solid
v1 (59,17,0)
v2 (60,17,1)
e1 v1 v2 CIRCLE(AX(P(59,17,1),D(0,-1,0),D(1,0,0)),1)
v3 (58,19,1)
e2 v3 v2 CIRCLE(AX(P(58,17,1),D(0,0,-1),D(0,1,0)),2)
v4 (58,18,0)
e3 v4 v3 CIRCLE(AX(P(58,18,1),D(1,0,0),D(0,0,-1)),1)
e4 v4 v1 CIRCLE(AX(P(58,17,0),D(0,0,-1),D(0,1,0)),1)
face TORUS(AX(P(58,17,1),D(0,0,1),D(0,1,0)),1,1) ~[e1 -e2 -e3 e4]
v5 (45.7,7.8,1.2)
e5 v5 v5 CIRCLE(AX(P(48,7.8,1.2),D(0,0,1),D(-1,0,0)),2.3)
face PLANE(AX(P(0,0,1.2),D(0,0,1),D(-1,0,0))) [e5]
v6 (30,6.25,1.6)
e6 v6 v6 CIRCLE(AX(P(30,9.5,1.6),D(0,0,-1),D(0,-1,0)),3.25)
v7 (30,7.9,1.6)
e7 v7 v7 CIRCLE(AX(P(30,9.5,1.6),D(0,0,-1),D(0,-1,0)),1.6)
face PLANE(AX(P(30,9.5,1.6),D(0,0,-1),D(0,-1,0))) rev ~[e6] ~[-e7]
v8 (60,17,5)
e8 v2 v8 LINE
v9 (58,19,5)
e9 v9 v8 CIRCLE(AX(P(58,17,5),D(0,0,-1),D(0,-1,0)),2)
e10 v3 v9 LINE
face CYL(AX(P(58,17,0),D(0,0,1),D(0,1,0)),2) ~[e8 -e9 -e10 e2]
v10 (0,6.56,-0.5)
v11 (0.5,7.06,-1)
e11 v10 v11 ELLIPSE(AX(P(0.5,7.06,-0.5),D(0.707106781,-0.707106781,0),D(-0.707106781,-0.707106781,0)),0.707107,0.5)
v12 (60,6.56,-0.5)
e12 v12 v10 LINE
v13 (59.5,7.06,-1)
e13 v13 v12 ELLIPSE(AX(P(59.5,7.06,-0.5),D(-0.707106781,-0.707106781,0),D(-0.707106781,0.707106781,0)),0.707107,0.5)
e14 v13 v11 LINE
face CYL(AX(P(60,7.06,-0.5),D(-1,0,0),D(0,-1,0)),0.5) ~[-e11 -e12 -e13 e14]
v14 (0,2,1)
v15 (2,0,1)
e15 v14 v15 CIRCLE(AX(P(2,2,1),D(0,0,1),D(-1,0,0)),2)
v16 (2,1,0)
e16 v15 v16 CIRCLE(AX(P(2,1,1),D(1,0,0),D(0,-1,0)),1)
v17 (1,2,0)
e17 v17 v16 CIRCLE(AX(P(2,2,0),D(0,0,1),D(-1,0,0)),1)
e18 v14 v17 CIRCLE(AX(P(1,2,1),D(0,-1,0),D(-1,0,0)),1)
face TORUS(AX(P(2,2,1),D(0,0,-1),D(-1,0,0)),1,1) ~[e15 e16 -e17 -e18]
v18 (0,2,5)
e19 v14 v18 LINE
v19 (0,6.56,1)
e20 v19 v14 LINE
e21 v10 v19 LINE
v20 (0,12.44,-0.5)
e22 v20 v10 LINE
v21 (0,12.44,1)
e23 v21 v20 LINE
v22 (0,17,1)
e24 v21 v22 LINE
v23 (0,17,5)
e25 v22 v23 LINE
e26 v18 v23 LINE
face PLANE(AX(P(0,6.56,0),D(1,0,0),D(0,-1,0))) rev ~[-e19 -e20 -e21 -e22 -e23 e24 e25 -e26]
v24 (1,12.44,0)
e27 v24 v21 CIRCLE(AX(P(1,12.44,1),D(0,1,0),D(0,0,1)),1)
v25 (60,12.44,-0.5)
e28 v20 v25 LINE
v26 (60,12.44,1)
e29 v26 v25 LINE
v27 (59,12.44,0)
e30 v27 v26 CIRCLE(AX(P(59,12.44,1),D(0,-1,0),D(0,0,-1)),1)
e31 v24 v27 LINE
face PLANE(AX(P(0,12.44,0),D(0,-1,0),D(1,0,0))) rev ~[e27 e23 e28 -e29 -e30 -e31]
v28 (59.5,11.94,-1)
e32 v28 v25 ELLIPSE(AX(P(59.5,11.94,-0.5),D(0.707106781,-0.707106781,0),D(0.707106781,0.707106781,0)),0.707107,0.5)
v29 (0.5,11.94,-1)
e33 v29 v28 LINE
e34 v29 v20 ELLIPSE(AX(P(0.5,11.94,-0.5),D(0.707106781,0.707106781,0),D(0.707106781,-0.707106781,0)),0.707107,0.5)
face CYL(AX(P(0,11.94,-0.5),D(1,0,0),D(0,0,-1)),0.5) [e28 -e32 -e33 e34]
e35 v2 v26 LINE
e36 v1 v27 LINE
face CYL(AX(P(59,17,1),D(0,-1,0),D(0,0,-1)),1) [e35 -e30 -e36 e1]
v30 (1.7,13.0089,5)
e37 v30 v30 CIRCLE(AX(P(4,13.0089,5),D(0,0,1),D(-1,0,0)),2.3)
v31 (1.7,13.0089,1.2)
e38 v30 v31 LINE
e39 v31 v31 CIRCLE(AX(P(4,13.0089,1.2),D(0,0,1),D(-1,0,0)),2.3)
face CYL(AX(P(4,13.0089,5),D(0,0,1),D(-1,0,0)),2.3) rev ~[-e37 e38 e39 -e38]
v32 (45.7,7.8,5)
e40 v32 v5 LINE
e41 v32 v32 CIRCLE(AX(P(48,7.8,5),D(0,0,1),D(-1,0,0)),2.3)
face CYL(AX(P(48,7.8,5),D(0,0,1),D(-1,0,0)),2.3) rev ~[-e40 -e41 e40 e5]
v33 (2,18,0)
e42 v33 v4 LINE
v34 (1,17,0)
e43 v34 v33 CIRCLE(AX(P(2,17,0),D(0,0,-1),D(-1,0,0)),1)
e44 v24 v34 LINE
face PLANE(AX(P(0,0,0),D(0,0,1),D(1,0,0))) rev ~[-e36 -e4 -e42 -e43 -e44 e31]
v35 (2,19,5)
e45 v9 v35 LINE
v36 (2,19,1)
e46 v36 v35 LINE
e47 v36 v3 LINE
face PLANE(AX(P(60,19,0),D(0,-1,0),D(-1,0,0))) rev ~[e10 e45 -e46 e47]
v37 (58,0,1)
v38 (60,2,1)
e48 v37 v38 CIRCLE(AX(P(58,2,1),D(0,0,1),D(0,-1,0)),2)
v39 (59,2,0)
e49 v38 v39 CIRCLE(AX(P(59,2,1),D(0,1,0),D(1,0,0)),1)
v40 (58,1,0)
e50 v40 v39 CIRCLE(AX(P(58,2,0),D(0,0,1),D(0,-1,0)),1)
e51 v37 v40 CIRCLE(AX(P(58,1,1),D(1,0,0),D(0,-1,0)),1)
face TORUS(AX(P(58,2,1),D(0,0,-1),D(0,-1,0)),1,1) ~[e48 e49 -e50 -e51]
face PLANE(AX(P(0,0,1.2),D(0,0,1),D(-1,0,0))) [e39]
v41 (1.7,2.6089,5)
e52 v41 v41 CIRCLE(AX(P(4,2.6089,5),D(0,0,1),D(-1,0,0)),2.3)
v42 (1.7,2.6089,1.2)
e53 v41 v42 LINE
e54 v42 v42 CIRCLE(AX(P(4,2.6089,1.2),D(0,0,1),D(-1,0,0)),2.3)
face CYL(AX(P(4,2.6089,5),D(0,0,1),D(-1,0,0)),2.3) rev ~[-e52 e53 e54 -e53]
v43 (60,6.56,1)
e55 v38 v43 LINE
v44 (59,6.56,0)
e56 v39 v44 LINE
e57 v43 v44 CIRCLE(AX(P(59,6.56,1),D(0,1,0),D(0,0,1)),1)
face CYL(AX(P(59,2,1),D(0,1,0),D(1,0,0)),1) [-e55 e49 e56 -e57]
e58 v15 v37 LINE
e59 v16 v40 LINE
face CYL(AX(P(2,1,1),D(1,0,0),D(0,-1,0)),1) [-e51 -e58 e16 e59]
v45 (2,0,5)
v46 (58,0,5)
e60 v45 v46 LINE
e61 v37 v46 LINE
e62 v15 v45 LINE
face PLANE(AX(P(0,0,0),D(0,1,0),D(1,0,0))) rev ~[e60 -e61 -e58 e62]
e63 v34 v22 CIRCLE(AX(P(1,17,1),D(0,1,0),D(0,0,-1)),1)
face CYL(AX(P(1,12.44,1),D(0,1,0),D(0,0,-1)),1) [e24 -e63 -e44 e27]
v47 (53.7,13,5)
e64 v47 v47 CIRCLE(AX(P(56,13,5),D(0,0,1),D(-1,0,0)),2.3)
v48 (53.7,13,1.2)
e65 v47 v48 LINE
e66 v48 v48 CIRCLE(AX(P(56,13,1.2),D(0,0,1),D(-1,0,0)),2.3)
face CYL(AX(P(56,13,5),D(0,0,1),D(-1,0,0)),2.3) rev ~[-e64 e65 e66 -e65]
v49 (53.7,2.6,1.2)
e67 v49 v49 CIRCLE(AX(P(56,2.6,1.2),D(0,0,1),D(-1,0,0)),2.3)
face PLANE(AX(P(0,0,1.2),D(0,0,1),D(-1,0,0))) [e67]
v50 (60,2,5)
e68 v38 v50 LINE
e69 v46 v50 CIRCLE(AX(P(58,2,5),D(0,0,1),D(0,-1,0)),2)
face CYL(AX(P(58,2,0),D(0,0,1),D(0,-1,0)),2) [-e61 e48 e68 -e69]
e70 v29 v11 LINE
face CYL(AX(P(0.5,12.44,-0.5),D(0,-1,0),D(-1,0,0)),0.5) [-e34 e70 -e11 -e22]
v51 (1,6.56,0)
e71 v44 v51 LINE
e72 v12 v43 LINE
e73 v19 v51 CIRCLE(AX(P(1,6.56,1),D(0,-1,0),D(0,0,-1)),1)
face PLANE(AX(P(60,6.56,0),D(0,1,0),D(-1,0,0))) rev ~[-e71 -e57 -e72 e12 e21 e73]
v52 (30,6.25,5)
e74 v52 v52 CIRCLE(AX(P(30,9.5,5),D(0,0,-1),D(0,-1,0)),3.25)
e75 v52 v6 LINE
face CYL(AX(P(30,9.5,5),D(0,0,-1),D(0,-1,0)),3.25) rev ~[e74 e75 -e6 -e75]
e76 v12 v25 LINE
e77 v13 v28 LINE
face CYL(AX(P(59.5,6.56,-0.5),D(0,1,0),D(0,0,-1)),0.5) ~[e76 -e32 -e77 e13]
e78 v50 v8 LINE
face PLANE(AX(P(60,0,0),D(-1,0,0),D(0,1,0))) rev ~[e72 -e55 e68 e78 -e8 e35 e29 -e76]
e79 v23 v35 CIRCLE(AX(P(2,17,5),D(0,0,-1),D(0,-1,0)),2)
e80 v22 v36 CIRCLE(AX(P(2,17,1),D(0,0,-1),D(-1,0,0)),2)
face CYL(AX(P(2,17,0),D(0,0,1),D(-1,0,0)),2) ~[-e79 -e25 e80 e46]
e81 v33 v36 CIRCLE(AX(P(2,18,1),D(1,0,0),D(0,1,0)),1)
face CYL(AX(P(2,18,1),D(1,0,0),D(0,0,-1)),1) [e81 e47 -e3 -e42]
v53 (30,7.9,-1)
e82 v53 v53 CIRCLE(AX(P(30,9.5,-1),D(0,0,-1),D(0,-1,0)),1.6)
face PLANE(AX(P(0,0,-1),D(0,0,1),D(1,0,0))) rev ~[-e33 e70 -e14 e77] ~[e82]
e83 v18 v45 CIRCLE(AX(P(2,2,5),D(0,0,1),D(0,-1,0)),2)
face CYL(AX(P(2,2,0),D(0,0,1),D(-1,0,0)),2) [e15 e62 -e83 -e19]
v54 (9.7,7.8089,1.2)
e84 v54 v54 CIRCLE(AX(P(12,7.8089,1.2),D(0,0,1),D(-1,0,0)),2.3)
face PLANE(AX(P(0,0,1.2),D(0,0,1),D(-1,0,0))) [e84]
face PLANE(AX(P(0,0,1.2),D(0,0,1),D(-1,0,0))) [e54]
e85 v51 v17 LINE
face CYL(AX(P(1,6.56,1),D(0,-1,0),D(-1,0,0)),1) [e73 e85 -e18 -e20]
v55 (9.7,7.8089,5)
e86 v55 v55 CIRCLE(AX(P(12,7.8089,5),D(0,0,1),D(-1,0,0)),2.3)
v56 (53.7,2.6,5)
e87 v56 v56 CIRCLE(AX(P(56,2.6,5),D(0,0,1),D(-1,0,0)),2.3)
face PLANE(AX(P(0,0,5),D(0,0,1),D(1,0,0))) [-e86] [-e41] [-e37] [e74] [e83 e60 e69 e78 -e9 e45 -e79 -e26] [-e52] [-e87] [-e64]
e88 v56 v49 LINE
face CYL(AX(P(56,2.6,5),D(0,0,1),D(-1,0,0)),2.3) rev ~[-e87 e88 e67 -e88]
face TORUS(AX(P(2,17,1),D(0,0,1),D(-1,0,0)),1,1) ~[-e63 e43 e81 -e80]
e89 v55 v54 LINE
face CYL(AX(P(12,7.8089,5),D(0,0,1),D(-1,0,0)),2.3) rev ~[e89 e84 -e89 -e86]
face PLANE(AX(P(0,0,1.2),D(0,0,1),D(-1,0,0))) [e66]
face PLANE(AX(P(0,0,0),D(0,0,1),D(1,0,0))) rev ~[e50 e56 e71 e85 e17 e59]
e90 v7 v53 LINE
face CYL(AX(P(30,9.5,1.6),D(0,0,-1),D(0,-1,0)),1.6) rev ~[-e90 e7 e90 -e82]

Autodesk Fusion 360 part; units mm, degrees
sketch "草图1" plane through (0, 0, 0) normal (0, 0, 1) x (1, 0, 0)
  line L0 (0, 0) -> (60, 0)
  line L1 (60, 0) -> (60, 19)
  line L2 (60, 19) -> (0, 19)
  line L3 (0, 19) -> (0, 0)
  line L4 (0, 9.5) -> (60, 9.5) construction
  line L5 (0, 12.44) -> (60, 12.44)
  line L6 (60, 12.44) -> (60, 6.56)
  line L7 (60, 6.56) -> (0, 6.56)
  line L8 (0, 6.56) -> (0, 12.44)
  line L9 (0, 12.44) -> (60, 6.56) construction
  line L10 (60, 12.44) -> (0, 6.56) construction
  point P0 (30, 9.5)
  point P1 (30, 9.5)
  dimension "d1" = 60
  dimension "d2" = 19
  dimension "d3" = 60
  dimension "d4" = 5.88
extrude "拉伸1" add sketch "草图1" along normal blind 5
extrude "拉伸2" add sketch "草图1" against normal blind 1 contours L1 L3 L5 L6 L7 L8
sketch "草图2" plane through (0, 0, 5) normal (0, 0, 1) x (-1, 0, 0)
  line L0 (0, 0) -> (-60, 0)
  line L1 (-60, 0) -> (-60, -19)
  line L2 (-60, -19) -> (0, -19)
  line L3 (0, -19) -> (0, 0)
  point P0 (-30, -9.5)
hole "孔1" at (30, 9.5, 5) direction (0, 0, -1) diameter 3.2 depth 8 tip angle 180 counterbore diameter 6.5 counterbore depth 3.4
sketch "草图4" plane through (0, 0, 5) normal (0, 0, 1) x (-1, 0, 0)
  circle A0 centre (-30, -9.5) radius 3.25
  line L0 (0, 0) -> (-60, 0)
  line L1 (-60, 0) -> (-60, -19)
  line L2 (-60, -19) -> (0, -19)
  line L3 (0, -19) -> (0, 0)
  line L4 (-40.689, -19) -> (-40.689, 3.3911)
  circle A1 centre (-56, -2.6) radius 2.3
  circle A2 centre (-56, -13) radius 2.3
  circle A3 centre (-48, -7.8) radius 2.3
  line L5 (-40.689, 3.3911) -> (-60, 3.3911)
  line L6 (-60, -19) -> (-40.689, -19)
  line L7 (-60, 3.3911) -> (-60, -19)
  line L8 (-19.311, -19) -> (0, -19)
  line L9 (-19.311, 3.3911) -> (-19.311, -19)
  line L10 (0, -19) -> (0, 3.3911)
  line L11 (0, 3.3911) -> (-19.311, 3.3911)
  circle A4 centre (-4, -2.6089) radius 2.3
  circle A5 centre (-12, -7.8089) radius 2.3
  circle A6 centre (-4, -13.0089) radius 2.3
  point P0 (-60, -19)
  point P1 (-60, -19)
  dimension "d14" = 4.6
  dimension "d15" = 4.6
  dimension "d16" = 4.6
  dimension "d17" = 4.6
  dimension "d18" = 4.6
  dimension "d19" = 4.6
extrude "拉伸3" cut sketch "草图4" against normal blind 3.8 contours A1 | A2 | A3 | A4 | A5 | A6
fillet "圆角1" radius 2 4 edges at (60, 0, 2.5) (60, 19, 2.5) (0, 19, 2.5) (0, 0, 2.5)
fillet "圆角2" radius 0.5 4 edges at (60, 9.5, -1) (30, 6.56, -1) (30, 12.44, -1) (0, 9.5, -1)
fillet "圆角3" radius 1 10 edges at (0, 4.28, 0) (0.5858, 0.5858, 0) (30, 0, 0) (59.4142, 0.5858, 0) (60, 4.28, 0) (60, 14.72, 0) (59.4142, 18.4142, 0) (30, 19, 0) (0.5858, 18.4142, 0) (0, 14.72, 0)
